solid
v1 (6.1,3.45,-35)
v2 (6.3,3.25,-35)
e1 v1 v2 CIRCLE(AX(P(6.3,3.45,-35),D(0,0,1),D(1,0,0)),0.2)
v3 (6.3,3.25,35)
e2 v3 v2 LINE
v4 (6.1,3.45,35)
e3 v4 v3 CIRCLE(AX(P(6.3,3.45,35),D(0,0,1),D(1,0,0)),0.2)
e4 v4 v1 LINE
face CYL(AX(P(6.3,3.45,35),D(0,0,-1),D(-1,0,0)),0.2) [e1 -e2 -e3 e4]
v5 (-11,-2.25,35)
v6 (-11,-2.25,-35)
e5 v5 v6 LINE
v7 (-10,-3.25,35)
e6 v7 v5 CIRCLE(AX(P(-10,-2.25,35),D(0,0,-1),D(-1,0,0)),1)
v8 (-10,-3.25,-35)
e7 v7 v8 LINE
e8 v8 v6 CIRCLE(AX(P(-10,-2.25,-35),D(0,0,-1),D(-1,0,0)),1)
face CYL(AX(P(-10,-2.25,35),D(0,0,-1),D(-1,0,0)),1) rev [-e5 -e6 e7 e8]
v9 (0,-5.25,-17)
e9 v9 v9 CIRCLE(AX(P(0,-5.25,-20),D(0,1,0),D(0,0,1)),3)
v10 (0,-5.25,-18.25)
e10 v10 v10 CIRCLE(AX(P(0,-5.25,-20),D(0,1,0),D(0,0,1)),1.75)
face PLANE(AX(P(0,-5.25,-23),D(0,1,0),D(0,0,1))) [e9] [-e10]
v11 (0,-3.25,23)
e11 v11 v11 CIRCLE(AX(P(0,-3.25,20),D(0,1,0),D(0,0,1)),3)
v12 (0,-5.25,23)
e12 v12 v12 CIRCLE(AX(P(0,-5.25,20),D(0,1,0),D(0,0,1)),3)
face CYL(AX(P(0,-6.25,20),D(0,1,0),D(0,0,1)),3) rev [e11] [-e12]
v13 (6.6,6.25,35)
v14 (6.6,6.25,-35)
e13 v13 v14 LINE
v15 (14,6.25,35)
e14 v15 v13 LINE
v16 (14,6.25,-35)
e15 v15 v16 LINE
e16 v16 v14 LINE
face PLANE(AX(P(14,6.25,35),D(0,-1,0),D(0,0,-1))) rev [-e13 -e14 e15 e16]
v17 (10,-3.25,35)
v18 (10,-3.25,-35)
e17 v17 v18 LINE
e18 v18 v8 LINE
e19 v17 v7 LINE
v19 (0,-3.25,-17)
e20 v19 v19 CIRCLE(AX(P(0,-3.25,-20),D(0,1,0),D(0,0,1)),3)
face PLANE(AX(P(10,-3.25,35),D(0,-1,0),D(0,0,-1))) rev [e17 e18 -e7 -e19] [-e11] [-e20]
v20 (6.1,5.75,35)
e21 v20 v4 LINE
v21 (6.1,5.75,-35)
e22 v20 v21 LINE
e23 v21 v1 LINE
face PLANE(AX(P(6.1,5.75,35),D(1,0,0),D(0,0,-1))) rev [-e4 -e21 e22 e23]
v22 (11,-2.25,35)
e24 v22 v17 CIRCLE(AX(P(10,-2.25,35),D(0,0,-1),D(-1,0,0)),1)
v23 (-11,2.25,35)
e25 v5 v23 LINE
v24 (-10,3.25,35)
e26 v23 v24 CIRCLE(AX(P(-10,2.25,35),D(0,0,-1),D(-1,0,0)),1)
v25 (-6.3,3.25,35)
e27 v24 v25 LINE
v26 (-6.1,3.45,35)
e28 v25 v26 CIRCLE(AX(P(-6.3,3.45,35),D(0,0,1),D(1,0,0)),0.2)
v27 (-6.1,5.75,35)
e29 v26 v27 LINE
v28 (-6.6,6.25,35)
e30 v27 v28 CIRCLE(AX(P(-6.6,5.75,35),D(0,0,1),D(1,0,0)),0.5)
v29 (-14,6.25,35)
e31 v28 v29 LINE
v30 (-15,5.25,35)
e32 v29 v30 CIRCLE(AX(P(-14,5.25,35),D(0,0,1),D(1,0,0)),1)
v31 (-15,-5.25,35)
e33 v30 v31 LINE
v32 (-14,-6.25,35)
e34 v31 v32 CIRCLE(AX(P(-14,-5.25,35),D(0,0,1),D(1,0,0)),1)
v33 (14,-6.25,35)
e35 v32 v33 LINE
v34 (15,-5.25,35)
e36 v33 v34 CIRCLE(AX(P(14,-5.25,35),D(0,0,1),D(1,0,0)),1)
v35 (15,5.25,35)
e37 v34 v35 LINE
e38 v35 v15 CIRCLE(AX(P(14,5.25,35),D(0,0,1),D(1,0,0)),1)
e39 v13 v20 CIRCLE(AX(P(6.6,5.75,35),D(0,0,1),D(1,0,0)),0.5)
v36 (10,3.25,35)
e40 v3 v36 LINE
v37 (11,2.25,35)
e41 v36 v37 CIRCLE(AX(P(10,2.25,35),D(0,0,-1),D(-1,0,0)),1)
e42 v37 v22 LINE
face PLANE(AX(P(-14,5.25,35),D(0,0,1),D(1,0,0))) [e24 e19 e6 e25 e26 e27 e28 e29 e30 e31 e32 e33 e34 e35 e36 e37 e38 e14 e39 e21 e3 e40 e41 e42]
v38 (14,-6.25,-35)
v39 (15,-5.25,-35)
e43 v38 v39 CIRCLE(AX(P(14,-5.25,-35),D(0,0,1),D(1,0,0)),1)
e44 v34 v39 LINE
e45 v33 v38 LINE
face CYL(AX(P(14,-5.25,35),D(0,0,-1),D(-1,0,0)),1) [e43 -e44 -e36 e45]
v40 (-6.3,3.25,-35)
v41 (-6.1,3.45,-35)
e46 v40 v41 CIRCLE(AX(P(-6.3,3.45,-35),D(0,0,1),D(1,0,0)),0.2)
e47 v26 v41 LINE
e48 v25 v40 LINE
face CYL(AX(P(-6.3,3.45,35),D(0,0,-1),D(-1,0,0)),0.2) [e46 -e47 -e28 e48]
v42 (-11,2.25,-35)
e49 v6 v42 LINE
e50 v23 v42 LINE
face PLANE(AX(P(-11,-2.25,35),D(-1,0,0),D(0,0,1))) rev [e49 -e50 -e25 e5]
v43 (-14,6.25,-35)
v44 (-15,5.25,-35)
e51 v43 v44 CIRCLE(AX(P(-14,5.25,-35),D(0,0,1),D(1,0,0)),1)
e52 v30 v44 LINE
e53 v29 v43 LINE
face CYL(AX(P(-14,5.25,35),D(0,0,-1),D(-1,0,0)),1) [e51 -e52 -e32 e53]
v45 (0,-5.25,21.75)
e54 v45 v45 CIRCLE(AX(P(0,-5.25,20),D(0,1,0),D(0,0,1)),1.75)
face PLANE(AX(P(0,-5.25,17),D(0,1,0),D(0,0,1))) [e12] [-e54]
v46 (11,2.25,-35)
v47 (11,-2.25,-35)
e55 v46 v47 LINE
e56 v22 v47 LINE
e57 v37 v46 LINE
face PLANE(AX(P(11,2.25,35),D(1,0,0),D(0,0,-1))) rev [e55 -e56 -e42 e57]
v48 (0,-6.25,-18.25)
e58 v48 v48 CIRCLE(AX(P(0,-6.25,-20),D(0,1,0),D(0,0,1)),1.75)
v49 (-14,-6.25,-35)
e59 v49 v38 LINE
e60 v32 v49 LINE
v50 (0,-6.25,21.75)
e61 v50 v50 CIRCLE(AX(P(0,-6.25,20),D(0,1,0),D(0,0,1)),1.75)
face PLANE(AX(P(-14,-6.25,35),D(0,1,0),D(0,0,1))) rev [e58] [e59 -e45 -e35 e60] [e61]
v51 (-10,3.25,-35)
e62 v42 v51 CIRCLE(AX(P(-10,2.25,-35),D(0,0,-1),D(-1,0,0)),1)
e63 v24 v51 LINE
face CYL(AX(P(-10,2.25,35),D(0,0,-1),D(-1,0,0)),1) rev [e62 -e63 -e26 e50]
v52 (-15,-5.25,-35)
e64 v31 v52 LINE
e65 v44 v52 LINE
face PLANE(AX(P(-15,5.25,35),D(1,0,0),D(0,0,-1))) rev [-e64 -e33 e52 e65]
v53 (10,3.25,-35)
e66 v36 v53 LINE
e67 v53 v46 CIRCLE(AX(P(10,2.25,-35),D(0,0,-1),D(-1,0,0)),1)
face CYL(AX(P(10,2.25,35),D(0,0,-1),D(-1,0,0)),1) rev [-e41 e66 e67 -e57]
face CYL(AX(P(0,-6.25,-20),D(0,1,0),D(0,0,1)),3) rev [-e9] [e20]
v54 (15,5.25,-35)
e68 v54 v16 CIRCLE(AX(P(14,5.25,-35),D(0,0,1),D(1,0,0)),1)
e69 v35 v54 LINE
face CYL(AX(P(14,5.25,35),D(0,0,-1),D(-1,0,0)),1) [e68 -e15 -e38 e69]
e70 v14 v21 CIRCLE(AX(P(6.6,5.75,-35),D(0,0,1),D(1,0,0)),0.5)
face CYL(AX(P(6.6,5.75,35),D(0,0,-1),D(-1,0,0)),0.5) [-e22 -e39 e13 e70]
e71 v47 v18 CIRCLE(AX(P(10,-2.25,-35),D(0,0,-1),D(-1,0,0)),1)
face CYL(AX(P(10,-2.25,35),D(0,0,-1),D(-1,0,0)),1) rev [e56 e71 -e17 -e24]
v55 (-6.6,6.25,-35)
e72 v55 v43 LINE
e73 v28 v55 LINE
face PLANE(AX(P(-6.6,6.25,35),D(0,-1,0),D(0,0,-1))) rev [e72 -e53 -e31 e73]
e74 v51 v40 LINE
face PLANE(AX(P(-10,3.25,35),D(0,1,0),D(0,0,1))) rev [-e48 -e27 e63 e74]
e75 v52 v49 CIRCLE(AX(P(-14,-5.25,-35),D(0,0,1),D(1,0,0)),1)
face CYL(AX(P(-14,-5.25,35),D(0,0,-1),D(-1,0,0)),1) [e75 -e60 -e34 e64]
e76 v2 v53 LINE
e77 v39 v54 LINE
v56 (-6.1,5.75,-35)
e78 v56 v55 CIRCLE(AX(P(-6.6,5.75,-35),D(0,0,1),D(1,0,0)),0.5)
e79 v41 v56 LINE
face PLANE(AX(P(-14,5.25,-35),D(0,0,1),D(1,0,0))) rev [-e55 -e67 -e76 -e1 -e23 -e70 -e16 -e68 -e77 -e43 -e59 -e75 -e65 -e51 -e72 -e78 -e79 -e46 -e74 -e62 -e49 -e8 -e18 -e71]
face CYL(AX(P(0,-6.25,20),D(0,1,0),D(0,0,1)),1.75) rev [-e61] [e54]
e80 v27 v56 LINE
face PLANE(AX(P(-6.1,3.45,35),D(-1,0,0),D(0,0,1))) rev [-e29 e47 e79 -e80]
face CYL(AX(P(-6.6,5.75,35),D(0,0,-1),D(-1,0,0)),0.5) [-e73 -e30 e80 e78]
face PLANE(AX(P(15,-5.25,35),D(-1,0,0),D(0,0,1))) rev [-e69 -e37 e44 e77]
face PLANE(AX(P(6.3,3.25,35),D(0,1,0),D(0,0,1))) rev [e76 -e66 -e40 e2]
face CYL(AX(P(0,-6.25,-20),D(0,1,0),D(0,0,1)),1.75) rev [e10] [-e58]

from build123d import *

# Parameters (mm, degrees)
BOSS_EXTRUDE1_DEPTH      = 35
BOSS_EXTRUDE1_DEPTH_BACK = 35


with BuildPart() as part:
    # Sketch1 → Boss-Extrude1 (new, two sides: drawn at the far end of the back side and taken through both)
    with BuildSketch(Plane.XY.offset(-BOSS_EXTRUDE1_DEPTH_BACK)):
        with BuildLine():
            Line((-15, 5.25), (-15, -5.25))
            ThreePointArc((-15, -5.25), (-14.707106781, -5.957106781), (-14, -6.25))
            Line((-14, -6.25), (14, -6.25))
            ThreePointArc((14, -6.25), (14.707106781, -5.957106781), (15, -5.25))
            Line((15, -5.25), (15, 5.25))
            ThreePointArc((15, 5.25), (14.707106781, 5.957106781), (14, 6.25))
            Line((14, 6.25), (6.6, 6.25))
            ThreePointArc((6.6, 6.25), (6.246446609, 6.103553391), (6.1, 5.75))
            Line((6.1, 5.75), (6.1, 3.45))
            ThreePointArc((6.1, 3.45), (6.158578644, 3.308578644), (6.3, 3.25))
            Line((6.3, 3.25), (10, 3.25))
            ThreePointArc((10, 3.25), (10.707106781, 2.957106781), (11, 2.25))
            Line((11, 2.25), (11, -2.25))
            ThreePointArc((11, -2.25), (10.707106781, -2.957106781), (10, -3.25))
            Line((10, -3.25), (-10, -3.25))
            ThreePointArc((-10, -3.25), (-10.707106781, -2.957106781), (-11, -2.25))
            Line((-11, -2.25), (-11, 2.25))
            ThreePointArc((-11, 2.25), (-10.707106781, 2.957106781), (-10, 3.25))
            Line((-10, 3.25), (-6.3, 3.25))
            ThreePointArc((-6.3, 3.25), (-6.158578644, 3.308578644), (-6.1, 3.45))
            Line((-6.1, 3.45), (-6.1, 5.75))
            ThreePointArc((-6.1, 5.75), (-6.246446609, 6.103553391), (-6.6, 6.25))
            Line((-6.6, 6.25), (-14, 6.25))
            ThreePointArc((-14, 6.25), (-14.707106781, 5.957106781), (-15, 5.25))
        make_face()
    extrude(amount=BOSS_EXTRUDE1_DEPTH + BOSS_EXTRUDE1_DEPTH_BACK)

    # Sketch2 → Cut-Revolve1 (revolve, cut)
    with BuildSketch(Plane(origin=(0, 0, 0), x_dir=(0, 0, -1), z_dir=(1, 0, 0))):
        Polygon((-20, -3.25), (-17, -3.25), (-17, -5.25), (-18.25, -5.25), (-18.25, -6.25), (-20, -6.25), align=None)
    revolve(axis=Axis((0, -6.25, 20), (0, 1, 0)), mode=Mode.SUBTRACT)

    # Sketch3 → Cut-Revolve2 (revolve, cut)
    with BuildSketch(Plane(origin=(0, 0, 0), x_dir=(0, 0, -1), z_dir=(1, 0, 0))):
        Polygon((20, -3.25), (23, -3.25), (23, -5.25), (21.75, -5.25), (21.75, -6.25), (20, -6.25), align=None)
    revolve(axis=Axis((0, -6.25, -20), (0, 1, 0)), mode=Mode.SUBTRACT)


solid = part.part
